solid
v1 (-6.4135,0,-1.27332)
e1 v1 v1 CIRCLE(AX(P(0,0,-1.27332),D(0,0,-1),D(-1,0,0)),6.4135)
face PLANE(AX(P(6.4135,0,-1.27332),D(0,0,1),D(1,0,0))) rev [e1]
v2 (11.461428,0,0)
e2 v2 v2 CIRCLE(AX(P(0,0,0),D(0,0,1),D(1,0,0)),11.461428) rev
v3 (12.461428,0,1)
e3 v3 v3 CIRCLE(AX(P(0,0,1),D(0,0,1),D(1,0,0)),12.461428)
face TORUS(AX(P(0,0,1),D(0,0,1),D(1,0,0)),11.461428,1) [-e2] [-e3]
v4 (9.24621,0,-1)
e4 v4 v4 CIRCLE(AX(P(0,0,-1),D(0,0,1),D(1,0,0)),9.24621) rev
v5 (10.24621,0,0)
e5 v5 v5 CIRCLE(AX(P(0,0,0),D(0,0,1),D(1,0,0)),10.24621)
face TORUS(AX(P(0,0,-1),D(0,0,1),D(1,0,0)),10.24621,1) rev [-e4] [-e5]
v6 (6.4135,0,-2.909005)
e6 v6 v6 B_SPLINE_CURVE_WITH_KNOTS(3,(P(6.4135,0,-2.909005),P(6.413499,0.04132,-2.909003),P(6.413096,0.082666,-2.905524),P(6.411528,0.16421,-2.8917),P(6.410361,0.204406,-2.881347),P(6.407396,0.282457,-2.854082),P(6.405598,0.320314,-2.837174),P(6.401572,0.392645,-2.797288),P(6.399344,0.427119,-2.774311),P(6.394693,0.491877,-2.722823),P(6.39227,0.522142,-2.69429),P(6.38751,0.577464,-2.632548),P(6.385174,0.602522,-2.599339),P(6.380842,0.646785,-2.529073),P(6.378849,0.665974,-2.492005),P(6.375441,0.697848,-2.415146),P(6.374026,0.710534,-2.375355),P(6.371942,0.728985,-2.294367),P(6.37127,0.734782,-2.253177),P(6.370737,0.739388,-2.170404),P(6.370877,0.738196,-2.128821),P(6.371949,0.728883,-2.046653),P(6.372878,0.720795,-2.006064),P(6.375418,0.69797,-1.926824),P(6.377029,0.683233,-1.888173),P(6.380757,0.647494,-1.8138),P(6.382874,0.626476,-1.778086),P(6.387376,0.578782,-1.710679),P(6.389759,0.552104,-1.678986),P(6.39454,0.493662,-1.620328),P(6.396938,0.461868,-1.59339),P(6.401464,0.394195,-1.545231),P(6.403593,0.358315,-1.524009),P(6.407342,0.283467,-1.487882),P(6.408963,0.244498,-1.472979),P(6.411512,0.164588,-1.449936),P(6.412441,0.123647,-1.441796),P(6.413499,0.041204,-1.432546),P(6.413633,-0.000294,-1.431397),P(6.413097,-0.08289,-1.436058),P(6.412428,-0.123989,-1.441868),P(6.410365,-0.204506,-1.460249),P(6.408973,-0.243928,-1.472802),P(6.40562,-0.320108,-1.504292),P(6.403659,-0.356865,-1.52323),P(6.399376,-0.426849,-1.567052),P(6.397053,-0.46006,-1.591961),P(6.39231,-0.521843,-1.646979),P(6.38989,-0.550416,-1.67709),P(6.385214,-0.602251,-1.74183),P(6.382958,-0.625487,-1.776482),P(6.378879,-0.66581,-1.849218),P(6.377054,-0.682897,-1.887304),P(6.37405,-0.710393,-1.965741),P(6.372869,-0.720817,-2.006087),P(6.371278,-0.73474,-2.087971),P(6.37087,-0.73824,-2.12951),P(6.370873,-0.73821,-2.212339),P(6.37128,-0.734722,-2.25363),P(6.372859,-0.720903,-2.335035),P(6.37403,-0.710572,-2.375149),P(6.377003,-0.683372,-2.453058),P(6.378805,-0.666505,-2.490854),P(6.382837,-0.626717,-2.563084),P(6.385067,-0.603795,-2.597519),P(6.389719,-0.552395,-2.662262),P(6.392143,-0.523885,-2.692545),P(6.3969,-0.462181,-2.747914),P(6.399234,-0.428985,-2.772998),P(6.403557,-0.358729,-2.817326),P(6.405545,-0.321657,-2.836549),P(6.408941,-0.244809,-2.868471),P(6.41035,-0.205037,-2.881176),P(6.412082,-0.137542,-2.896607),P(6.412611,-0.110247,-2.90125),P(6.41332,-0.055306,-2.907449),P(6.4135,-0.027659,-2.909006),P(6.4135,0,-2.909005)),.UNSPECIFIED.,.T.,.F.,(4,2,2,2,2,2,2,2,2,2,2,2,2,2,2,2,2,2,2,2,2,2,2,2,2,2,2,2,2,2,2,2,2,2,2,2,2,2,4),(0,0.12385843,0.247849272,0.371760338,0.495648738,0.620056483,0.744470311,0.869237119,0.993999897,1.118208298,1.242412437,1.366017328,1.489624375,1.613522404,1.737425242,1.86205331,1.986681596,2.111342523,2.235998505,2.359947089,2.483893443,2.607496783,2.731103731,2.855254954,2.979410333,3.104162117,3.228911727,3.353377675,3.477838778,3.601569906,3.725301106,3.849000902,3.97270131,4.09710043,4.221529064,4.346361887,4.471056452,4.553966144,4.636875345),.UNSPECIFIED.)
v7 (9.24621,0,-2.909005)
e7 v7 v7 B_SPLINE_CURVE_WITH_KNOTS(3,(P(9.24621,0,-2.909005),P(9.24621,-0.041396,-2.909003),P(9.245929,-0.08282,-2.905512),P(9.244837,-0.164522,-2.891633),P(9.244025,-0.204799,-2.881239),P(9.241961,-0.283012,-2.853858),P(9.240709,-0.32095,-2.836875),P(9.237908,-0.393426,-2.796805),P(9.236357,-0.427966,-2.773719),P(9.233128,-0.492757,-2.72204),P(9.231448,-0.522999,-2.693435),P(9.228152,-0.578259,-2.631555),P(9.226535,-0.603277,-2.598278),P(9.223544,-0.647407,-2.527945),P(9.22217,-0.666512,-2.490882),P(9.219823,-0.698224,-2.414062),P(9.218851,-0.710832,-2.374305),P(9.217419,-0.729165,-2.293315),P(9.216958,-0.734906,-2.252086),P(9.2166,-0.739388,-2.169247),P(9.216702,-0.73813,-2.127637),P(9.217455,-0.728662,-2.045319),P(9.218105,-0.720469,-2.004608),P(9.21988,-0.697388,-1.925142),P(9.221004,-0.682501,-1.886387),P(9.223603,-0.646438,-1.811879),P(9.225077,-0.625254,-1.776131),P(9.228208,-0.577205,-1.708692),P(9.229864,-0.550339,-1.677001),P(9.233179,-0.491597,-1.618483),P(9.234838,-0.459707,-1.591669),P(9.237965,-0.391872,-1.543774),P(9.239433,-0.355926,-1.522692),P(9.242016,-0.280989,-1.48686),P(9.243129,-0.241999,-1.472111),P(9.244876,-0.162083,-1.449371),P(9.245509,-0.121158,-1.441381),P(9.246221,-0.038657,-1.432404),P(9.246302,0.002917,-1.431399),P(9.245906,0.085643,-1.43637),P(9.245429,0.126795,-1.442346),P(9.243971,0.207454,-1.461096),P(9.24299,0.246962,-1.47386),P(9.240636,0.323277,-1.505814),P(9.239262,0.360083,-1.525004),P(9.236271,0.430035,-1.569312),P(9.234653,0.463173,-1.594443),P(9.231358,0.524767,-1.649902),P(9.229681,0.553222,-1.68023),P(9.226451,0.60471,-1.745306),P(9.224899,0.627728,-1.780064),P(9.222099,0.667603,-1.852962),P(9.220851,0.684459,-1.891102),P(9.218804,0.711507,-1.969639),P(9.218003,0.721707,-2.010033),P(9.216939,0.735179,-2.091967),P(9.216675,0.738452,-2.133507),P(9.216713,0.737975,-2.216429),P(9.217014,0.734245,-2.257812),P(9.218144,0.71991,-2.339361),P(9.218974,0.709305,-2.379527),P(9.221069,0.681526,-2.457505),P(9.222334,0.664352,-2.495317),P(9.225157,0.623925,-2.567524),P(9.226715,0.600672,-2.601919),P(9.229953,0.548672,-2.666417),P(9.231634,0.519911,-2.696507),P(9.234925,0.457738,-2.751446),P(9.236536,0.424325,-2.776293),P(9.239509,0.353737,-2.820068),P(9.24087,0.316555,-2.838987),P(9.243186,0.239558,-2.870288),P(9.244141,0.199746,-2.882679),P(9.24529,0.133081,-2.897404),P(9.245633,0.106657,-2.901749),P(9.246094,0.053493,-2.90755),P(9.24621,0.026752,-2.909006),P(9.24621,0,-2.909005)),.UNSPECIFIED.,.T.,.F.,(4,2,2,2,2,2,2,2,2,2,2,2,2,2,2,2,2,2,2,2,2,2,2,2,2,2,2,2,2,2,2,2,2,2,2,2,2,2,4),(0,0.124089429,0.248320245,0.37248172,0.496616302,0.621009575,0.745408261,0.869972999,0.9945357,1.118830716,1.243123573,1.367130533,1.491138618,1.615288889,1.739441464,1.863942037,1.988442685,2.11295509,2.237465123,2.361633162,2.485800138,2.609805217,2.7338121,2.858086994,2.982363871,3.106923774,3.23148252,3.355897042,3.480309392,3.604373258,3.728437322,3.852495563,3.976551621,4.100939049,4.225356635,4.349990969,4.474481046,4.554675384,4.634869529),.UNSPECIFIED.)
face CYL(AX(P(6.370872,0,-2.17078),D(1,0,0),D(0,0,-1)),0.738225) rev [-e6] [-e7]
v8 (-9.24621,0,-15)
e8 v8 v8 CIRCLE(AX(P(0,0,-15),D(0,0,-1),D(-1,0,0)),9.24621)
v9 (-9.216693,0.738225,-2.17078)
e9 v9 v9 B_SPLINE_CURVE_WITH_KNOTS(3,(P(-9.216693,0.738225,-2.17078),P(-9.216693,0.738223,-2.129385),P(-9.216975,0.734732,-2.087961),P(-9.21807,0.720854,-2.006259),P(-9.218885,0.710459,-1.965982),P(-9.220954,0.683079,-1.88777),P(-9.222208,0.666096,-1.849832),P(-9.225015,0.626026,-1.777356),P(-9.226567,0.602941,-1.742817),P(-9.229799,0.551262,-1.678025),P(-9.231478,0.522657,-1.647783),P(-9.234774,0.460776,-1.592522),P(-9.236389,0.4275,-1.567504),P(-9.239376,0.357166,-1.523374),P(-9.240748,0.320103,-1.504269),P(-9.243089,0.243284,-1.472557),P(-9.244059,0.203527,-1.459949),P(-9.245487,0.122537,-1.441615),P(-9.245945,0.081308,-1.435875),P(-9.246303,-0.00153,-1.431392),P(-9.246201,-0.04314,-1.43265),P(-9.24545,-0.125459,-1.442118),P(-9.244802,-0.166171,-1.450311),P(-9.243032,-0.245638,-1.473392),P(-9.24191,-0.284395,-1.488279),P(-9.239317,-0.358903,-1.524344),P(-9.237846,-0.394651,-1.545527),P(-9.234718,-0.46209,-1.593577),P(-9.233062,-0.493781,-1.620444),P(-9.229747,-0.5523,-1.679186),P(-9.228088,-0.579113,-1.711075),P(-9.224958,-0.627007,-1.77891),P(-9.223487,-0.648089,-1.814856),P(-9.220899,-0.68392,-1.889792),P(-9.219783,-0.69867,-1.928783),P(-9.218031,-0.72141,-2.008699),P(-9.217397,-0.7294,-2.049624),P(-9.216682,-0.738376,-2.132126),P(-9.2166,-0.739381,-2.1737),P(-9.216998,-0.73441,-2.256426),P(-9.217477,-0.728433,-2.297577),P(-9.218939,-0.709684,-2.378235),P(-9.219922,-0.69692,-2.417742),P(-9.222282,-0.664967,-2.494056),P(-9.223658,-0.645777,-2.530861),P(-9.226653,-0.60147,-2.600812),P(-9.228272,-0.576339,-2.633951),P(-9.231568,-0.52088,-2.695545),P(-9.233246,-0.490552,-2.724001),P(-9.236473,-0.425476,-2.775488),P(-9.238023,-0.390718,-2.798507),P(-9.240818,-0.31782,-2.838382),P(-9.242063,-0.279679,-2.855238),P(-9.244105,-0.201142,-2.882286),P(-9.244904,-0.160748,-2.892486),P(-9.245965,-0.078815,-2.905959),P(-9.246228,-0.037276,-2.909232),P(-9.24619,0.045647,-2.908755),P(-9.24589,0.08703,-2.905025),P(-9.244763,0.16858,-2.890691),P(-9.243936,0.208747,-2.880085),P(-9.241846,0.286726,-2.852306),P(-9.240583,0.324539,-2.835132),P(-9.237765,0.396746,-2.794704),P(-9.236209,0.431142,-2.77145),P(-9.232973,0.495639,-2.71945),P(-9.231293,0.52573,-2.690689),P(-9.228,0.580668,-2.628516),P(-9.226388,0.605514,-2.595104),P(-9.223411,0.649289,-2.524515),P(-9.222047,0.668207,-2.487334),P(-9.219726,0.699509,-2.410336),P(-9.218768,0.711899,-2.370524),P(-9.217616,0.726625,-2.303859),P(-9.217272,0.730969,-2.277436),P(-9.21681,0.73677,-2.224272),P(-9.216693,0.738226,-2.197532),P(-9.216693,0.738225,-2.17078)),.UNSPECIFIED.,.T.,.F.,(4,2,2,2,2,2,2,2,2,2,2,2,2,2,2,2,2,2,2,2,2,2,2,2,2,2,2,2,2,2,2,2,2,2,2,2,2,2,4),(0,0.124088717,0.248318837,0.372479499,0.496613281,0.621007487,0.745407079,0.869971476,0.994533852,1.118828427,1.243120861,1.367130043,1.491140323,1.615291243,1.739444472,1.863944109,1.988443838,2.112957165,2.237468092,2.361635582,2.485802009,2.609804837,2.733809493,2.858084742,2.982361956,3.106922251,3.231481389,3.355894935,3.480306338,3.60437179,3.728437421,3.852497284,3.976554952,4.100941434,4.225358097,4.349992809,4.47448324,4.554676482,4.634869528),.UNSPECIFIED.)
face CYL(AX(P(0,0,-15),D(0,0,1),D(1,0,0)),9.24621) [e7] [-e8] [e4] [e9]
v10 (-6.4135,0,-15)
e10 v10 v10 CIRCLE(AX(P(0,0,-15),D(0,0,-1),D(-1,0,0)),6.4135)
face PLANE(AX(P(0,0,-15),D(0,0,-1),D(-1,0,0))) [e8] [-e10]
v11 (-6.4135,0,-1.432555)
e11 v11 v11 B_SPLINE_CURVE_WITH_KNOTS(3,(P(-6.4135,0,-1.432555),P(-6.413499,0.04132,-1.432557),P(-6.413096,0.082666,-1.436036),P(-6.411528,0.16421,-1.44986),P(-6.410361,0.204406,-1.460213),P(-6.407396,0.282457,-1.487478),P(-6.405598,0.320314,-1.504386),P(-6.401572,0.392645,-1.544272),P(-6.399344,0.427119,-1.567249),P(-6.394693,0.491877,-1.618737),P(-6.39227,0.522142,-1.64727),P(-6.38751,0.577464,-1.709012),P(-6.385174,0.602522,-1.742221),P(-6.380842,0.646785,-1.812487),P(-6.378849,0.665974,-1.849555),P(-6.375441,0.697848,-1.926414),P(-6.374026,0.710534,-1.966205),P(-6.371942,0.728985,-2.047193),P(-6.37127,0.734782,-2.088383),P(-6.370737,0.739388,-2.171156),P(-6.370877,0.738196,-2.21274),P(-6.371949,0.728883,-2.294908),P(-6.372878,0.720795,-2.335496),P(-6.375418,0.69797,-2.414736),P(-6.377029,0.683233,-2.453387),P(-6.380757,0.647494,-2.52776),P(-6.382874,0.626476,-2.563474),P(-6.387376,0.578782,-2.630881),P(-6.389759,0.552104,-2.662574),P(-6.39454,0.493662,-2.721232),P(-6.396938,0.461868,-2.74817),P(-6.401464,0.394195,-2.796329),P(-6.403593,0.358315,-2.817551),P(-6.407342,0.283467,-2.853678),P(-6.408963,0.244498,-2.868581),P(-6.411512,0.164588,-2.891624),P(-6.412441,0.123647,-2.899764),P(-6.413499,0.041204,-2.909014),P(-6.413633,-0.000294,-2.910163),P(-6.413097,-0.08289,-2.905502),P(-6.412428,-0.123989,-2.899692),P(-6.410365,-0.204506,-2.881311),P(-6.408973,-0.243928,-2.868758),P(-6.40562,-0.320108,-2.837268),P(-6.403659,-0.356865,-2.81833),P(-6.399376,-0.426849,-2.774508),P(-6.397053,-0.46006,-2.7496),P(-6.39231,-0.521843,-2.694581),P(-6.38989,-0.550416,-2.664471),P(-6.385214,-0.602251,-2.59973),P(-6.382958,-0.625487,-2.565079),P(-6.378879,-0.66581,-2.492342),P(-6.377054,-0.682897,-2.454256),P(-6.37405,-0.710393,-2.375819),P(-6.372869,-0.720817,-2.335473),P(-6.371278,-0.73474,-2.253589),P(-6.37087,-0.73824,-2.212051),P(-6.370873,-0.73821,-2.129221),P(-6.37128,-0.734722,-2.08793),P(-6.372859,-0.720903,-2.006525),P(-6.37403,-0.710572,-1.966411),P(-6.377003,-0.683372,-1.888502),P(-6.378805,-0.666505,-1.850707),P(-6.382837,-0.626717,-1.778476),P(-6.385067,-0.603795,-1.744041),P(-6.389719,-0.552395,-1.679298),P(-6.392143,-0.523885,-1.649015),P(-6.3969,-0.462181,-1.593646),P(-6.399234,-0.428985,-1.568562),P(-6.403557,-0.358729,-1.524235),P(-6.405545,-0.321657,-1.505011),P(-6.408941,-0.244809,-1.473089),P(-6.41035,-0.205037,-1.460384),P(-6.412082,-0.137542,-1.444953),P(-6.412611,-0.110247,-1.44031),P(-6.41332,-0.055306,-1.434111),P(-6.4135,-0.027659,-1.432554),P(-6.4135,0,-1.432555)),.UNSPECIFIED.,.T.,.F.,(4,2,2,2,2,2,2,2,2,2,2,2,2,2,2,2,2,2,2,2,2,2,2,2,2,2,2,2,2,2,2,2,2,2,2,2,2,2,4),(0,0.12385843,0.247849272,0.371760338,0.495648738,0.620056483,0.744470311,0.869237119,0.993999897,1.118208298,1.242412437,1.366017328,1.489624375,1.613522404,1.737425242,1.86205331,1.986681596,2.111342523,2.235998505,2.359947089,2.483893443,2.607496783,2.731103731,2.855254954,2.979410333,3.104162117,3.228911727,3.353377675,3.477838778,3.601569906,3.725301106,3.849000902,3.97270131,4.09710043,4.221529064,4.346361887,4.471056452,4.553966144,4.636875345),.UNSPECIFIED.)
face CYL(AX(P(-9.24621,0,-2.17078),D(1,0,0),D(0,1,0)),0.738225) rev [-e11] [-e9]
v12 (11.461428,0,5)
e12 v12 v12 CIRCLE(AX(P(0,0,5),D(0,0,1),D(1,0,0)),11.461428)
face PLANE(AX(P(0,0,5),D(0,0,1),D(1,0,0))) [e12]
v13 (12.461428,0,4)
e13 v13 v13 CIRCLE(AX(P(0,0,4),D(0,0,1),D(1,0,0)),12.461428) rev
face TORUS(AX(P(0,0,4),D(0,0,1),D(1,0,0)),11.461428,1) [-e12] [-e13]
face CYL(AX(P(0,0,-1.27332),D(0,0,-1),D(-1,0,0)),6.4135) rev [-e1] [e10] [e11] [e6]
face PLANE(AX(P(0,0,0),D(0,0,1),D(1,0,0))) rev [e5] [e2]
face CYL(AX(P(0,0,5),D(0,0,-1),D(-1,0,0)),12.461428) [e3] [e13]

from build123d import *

# Parameters (mm, degrees)
SKETCH1_R           = 12.461427854
BASE_EXTRUDE_DEPTH  = 5
SKETCH2_R           = 9.246210184
BOSS_EXTRUDE1_DEPTH = 15
SKETCH3_W           = 6.4135
SKETCH3_H           = 13.726679844
SKETCH4_W           = 2.875338505
SKETCH4_H           = 0.738225097
SKETCH5_W           = 2.875338506
SKETCH5_H           = 0.738225097
FILLET1_R           = 1


with BuildPart() as part:
    # Sketch1 → Base-Extrude (new body)
    with BuildSketch(Plane(origin=(0, 0, 0), x_dir=(-1, 0, 0), z_dir=(0, 0, -1))):
        Circle(SKETCH1_R)
    extrude(amount=-BASE_EXTRUDE_DEPTH)

    # Sketch2 → Boss-Extrude1 (add)
    with BuildSketch(Plane(origin=(0, 0, 0), x_dir=(-1, 0, 0), z_dir=(0, 0, -1))):
        Circle(SKETCH2_R)
    extrude(amount=BOSS_EXTRUDE1_DEPTH)

    # Sketch3 → Cut-Revolve1 (revolve, cut)
    with BuildSketch(Plane.XZ):
        with Locations((3.20675, -8.136660078)):
            Rectangle(SKETCH3_W, SKETCH3_H)
    revolve(axis=Axis((0, 0, -1.273320156), (0, 0, -1)), mode=Mode.SUBTRACT)

    # Sketch4 → Cut-Revolve2 (revolve, cut)
    with BuildSketch(Plane(origin=(0, 0, 0), x_dir=(1, 0, 0), z_dir=(0, 1, 0))):
        with Locations((-7.808540932, 2.539892603)):
            Rectangle(SKETCH4_W, SKETCH4_H)
    revolve(axis=Axis((-9.246210184, 0, -2.170780054), (1, 0, 0)), mode=Mode.SUBTRACT)

    # Sketch5 → Cut-Revolve3 (revolve, cut)
    with BuildSketch(Plane(origin=(0, 0, 0), x_dir=(1, 0, 0), z_dir=(0, 1, 0))):
        with Locations((7.808540932, 2.539892603)):
            Rectangle(SKETCH5_W, SKETCH5_H)
    revolve(axis=Axis((6.370871679, 0, -2.170780054), (1, 0, 0)), mode=Mode.SUBTRACT)

    # Fillet1
    fillet1_edges = [part.edges().sort_by_distance(p)[0] for p in [
        (12.461427854, 0, 0),
        (12.461427854, 0, 5),
        (9.246210184, 0, 0),
    ]]
    fillet(fillet1_edges, radius=FILLET1_R)


solid = part.part
